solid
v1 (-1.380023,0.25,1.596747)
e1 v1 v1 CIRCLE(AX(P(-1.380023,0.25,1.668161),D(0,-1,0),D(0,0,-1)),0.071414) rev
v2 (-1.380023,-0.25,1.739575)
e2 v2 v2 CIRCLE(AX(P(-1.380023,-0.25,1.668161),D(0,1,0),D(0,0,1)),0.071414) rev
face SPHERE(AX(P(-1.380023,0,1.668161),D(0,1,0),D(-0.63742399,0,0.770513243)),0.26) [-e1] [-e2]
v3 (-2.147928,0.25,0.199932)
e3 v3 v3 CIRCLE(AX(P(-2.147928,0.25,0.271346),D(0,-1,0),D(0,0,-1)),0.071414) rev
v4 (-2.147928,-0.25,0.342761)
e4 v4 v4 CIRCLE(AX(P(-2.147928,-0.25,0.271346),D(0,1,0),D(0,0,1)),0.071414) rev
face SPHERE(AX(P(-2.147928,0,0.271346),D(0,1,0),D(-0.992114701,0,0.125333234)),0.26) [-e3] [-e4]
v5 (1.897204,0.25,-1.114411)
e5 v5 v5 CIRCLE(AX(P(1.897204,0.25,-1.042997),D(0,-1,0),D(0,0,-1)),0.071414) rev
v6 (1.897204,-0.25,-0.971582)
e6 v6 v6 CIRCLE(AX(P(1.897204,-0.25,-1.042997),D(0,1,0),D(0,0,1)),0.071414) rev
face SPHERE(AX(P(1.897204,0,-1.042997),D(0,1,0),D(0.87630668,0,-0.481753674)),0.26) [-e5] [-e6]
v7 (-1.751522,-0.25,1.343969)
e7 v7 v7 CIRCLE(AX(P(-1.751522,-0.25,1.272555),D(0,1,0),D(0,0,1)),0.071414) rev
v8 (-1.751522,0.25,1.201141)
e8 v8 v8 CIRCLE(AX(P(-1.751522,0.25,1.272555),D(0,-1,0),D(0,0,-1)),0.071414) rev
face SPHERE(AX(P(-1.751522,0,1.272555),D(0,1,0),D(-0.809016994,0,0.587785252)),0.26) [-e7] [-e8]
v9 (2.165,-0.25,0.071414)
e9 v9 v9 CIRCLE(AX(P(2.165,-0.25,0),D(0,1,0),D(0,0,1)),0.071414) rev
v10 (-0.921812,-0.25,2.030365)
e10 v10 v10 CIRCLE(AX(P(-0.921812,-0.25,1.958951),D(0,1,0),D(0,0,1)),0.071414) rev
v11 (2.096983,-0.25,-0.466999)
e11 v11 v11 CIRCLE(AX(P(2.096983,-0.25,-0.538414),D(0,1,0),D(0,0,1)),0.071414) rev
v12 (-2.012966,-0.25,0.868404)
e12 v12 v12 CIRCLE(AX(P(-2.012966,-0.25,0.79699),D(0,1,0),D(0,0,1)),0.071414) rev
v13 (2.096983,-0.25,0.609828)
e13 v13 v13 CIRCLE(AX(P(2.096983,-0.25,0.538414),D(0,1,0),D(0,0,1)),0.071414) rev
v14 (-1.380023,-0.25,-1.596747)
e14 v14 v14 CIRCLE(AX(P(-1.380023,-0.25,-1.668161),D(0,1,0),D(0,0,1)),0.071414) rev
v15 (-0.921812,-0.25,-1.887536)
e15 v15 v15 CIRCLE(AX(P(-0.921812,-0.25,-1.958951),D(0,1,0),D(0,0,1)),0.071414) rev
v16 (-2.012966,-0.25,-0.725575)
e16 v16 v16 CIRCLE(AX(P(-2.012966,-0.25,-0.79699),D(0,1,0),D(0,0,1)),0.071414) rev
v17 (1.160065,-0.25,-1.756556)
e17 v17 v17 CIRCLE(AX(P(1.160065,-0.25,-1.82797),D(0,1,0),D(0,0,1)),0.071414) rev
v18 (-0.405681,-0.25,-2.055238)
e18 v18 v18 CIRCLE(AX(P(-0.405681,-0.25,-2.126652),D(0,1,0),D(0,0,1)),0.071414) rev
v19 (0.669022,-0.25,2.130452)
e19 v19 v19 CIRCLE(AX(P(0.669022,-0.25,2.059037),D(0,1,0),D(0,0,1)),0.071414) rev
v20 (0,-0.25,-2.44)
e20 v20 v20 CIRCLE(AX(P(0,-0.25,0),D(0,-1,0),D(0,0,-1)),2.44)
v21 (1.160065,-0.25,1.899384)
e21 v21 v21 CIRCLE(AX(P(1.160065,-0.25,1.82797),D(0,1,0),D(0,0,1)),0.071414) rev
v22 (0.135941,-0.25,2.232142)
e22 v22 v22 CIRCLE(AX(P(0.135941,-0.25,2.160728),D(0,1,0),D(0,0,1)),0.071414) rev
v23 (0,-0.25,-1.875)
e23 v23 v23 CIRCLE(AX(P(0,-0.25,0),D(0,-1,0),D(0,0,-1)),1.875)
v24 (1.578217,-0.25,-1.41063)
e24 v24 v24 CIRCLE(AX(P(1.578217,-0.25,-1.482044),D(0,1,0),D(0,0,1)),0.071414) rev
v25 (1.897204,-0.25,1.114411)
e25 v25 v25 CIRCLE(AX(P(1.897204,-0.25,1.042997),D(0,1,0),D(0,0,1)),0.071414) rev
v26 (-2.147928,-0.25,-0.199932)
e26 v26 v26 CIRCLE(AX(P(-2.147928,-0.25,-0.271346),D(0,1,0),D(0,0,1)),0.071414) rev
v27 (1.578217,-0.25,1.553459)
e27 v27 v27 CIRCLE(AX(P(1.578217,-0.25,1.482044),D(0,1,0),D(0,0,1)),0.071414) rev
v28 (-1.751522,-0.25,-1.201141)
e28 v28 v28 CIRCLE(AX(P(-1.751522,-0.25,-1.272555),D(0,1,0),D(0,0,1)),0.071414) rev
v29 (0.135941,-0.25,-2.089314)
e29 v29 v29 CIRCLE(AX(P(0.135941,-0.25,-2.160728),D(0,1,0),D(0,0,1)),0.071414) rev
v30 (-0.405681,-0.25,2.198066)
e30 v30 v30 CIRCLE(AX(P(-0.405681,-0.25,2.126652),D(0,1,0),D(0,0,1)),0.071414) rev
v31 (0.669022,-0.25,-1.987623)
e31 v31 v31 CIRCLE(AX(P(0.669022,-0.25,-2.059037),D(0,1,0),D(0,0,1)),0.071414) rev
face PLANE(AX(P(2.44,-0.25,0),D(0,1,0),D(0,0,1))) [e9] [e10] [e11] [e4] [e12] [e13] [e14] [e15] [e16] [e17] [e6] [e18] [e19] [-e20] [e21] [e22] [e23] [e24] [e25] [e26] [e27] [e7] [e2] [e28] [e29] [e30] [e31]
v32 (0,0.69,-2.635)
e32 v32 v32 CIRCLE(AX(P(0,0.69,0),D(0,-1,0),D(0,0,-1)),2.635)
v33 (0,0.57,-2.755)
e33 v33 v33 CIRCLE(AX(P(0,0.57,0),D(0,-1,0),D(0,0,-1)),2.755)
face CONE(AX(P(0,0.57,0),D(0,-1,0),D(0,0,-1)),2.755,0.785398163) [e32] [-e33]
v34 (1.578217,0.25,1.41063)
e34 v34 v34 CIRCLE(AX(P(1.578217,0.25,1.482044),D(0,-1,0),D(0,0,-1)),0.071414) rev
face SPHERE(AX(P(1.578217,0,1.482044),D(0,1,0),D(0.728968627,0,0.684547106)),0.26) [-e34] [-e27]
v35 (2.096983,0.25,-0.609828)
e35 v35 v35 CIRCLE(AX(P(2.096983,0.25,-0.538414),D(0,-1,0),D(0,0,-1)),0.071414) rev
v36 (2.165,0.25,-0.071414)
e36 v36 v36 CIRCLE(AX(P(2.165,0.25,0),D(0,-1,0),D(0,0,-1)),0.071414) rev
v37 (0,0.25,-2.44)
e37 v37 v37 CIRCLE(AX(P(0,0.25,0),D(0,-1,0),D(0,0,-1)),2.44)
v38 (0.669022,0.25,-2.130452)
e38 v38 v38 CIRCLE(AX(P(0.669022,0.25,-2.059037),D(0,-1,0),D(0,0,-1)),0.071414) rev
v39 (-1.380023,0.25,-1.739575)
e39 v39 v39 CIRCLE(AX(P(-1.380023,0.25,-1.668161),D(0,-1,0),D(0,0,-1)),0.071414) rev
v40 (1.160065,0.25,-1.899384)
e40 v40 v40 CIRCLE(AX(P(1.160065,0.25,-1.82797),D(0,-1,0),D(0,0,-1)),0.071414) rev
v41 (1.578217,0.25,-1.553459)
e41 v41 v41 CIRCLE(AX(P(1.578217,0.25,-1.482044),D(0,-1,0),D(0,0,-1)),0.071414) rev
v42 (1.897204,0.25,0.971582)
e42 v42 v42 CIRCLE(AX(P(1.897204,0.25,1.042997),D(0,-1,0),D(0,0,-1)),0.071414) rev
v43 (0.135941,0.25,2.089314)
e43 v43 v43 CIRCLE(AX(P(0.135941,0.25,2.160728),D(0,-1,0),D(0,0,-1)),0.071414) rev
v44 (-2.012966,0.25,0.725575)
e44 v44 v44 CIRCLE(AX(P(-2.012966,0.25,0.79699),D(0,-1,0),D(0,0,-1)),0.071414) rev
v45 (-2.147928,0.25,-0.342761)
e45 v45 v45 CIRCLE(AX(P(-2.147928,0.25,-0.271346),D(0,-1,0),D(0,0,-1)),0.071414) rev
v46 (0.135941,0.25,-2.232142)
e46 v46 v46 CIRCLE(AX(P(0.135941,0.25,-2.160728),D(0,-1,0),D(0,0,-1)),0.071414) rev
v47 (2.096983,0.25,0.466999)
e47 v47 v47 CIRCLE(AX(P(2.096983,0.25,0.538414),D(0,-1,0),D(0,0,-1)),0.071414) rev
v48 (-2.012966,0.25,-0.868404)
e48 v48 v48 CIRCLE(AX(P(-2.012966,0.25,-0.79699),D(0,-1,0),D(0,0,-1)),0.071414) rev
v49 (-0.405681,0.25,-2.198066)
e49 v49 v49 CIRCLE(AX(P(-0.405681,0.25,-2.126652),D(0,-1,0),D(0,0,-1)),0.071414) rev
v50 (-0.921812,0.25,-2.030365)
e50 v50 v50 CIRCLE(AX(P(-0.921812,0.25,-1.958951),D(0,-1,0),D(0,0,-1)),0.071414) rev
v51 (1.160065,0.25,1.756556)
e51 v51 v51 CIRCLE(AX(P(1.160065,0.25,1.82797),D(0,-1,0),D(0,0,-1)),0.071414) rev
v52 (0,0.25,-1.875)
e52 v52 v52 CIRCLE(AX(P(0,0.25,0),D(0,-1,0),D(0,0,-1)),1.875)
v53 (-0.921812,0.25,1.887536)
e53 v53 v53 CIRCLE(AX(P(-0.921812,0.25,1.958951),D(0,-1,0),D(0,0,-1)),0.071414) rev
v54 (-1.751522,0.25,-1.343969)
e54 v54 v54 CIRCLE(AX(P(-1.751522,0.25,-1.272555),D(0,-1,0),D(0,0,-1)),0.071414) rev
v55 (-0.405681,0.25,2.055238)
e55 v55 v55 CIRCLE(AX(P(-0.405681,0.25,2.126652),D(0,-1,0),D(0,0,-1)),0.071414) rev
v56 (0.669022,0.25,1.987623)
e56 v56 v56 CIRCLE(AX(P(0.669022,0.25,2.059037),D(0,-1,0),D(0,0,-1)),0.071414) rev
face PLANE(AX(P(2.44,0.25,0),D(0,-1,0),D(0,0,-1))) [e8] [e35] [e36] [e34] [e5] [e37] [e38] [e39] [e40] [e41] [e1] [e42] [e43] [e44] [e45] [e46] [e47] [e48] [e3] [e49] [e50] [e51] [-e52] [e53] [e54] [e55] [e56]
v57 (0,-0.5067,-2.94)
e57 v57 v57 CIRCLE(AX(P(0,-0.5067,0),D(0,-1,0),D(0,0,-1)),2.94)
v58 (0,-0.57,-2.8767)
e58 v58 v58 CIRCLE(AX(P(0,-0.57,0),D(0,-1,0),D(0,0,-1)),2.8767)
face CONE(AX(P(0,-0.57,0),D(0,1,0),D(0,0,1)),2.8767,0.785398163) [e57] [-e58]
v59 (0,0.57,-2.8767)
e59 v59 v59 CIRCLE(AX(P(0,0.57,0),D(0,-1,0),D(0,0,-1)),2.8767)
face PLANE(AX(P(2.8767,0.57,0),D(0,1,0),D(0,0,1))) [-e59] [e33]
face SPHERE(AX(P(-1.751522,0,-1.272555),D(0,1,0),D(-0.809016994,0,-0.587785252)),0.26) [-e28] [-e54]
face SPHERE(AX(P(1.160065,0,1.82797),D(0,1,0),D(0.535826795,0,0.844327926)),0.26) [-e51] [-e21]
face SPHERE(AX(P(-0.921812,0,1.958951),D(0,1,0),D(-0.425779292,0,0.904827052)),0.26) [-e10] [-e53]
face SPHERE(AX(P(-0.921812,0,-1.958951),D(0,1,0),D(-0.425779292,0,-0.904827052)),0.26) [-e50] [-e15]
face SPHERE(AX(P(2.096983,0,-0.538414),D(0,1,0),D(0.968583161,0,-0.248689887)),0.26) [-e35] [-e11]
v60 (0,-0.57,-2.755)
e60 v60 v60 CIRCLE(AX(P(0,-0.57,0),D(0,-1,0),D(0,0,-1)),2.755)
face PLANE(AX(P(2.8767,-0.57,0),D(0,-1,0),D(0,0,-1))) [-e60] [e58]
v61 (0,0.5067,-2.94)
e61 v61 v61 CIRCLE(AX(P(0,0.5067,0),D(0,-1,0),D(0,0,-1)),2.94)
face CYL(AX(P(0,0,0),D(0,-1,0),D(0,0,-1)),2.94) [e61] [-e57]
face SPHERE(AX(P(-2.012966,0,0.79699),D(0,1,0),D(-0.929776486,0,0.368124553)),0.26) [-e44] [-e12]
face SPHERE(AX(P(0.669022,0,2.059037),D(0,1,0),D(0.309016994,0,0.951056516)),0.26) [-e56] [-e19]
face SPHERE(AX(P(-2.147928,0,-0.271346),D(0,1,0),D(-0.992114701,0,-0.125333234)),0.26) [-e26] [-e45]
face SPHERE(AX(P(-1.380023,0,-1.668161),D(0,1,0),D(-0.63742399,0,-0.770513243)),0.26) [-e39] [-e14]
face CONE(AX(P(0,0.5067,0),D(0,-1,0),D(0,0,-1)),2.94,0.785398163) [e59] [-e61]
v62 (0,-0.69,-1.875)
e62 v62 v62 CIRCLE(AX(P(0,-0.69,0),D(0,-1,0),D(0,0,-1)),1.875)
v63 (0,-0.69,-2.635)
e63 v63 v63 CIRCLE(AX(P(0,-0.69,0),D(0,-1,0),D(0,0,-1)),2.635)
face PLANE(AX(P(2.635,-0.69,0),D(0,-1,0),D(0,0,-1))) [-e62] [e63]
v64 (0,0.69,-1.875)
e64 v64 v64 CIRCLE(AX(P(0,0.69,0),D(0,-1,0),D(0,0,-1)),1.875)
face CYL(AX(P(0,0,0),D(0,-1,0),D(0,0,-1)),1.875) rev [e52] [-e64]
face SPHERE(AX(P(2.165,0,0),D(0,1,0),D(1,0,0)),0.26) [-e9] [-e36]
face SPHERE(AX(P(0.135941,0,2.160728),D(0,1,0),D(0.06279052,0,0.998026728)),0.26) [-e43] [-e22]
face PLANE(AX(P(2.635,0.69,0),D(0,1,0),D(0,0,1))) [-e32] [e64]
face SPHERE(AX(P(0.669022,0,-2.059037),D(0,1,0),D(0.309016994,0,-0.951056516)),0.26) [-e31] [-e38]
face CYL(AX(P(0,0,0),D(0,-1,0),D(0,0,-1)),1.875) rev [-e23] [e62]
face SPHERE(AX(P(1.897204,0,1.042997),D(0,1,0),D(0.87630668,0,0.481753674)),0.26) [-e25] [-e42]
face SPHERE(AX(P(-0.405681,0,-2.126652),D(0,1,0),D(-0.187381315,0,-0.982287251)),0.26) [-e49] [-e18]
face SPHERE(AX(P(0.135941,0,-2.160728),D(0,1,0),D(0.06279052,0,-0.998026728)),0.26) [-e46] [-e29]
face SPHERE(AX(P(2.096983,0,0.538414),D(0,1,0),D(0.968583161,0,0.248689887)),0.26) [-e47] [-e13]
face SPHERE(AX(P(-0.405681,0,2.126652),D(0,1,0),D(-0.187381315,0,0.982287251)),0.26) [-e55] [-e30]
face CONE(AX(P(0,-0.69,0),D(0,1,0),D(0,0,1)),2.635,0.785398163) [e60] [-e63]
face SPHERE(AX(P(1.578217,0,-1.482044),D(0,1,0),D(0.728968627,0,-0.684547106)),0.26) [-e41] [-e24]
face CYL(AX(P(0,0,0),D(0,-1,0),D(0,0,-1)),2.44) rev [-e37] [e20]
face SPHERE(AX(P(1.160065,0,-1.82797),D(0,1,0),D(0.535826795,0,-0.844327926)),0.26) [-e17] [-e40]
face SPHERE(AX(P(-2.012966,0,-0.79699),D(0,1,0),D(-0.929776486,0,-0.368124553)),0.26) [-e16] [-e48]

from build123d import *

# Parameters (mm, degrees)
CIRPATTERN1_COUNT = 25


with BuildPart() as part:
    # Sketch2 → Revolve1 (revolve)
    with BuildSketch(Plane.XY):
        Polygon((2.94, 0.5067), (2.94, -0.5067), (2.8767, -0.57), (2.755, -0.57), (2.635, -0.69), (1.875, -0.69), (1.875, -0.25), (2.44, -0.25), (2.44, 0.25), (1.875, 0.25), (1.875, 0.69), (2.635, 0.69), (2.755, 0.57), (2.8767, 0.57), align=None)
    revolve(axis=Axis((0, 0, 0), (0, 1, 0)))

    # Sketch3 → Revolve2 (revolve)
    with BuildSketch(Plane.XY):
        with BuildLine():
            Line((2.165, 0.26), (2.165, -0.26))
            ThreePointArc((2.165, -0.26), (2.425, 0), (2.165, 0.26))
        make_face()
    revolve2 = revolve(axis=Axis((2.165, 0.26, 0), (0, -1, 0)))

    # CirPattern1: Revolve2 ×25 about axis
    cirpattern1_axis = Axis((0, 0, 0), (0, 1, 0))
    for i in range(1, CIRPATTERN1_COUNT):
        add(revolve2.rotate(cirpattern1_axis, i * 360 / CIRPATTERN1_COUNT))


solid = part.part
